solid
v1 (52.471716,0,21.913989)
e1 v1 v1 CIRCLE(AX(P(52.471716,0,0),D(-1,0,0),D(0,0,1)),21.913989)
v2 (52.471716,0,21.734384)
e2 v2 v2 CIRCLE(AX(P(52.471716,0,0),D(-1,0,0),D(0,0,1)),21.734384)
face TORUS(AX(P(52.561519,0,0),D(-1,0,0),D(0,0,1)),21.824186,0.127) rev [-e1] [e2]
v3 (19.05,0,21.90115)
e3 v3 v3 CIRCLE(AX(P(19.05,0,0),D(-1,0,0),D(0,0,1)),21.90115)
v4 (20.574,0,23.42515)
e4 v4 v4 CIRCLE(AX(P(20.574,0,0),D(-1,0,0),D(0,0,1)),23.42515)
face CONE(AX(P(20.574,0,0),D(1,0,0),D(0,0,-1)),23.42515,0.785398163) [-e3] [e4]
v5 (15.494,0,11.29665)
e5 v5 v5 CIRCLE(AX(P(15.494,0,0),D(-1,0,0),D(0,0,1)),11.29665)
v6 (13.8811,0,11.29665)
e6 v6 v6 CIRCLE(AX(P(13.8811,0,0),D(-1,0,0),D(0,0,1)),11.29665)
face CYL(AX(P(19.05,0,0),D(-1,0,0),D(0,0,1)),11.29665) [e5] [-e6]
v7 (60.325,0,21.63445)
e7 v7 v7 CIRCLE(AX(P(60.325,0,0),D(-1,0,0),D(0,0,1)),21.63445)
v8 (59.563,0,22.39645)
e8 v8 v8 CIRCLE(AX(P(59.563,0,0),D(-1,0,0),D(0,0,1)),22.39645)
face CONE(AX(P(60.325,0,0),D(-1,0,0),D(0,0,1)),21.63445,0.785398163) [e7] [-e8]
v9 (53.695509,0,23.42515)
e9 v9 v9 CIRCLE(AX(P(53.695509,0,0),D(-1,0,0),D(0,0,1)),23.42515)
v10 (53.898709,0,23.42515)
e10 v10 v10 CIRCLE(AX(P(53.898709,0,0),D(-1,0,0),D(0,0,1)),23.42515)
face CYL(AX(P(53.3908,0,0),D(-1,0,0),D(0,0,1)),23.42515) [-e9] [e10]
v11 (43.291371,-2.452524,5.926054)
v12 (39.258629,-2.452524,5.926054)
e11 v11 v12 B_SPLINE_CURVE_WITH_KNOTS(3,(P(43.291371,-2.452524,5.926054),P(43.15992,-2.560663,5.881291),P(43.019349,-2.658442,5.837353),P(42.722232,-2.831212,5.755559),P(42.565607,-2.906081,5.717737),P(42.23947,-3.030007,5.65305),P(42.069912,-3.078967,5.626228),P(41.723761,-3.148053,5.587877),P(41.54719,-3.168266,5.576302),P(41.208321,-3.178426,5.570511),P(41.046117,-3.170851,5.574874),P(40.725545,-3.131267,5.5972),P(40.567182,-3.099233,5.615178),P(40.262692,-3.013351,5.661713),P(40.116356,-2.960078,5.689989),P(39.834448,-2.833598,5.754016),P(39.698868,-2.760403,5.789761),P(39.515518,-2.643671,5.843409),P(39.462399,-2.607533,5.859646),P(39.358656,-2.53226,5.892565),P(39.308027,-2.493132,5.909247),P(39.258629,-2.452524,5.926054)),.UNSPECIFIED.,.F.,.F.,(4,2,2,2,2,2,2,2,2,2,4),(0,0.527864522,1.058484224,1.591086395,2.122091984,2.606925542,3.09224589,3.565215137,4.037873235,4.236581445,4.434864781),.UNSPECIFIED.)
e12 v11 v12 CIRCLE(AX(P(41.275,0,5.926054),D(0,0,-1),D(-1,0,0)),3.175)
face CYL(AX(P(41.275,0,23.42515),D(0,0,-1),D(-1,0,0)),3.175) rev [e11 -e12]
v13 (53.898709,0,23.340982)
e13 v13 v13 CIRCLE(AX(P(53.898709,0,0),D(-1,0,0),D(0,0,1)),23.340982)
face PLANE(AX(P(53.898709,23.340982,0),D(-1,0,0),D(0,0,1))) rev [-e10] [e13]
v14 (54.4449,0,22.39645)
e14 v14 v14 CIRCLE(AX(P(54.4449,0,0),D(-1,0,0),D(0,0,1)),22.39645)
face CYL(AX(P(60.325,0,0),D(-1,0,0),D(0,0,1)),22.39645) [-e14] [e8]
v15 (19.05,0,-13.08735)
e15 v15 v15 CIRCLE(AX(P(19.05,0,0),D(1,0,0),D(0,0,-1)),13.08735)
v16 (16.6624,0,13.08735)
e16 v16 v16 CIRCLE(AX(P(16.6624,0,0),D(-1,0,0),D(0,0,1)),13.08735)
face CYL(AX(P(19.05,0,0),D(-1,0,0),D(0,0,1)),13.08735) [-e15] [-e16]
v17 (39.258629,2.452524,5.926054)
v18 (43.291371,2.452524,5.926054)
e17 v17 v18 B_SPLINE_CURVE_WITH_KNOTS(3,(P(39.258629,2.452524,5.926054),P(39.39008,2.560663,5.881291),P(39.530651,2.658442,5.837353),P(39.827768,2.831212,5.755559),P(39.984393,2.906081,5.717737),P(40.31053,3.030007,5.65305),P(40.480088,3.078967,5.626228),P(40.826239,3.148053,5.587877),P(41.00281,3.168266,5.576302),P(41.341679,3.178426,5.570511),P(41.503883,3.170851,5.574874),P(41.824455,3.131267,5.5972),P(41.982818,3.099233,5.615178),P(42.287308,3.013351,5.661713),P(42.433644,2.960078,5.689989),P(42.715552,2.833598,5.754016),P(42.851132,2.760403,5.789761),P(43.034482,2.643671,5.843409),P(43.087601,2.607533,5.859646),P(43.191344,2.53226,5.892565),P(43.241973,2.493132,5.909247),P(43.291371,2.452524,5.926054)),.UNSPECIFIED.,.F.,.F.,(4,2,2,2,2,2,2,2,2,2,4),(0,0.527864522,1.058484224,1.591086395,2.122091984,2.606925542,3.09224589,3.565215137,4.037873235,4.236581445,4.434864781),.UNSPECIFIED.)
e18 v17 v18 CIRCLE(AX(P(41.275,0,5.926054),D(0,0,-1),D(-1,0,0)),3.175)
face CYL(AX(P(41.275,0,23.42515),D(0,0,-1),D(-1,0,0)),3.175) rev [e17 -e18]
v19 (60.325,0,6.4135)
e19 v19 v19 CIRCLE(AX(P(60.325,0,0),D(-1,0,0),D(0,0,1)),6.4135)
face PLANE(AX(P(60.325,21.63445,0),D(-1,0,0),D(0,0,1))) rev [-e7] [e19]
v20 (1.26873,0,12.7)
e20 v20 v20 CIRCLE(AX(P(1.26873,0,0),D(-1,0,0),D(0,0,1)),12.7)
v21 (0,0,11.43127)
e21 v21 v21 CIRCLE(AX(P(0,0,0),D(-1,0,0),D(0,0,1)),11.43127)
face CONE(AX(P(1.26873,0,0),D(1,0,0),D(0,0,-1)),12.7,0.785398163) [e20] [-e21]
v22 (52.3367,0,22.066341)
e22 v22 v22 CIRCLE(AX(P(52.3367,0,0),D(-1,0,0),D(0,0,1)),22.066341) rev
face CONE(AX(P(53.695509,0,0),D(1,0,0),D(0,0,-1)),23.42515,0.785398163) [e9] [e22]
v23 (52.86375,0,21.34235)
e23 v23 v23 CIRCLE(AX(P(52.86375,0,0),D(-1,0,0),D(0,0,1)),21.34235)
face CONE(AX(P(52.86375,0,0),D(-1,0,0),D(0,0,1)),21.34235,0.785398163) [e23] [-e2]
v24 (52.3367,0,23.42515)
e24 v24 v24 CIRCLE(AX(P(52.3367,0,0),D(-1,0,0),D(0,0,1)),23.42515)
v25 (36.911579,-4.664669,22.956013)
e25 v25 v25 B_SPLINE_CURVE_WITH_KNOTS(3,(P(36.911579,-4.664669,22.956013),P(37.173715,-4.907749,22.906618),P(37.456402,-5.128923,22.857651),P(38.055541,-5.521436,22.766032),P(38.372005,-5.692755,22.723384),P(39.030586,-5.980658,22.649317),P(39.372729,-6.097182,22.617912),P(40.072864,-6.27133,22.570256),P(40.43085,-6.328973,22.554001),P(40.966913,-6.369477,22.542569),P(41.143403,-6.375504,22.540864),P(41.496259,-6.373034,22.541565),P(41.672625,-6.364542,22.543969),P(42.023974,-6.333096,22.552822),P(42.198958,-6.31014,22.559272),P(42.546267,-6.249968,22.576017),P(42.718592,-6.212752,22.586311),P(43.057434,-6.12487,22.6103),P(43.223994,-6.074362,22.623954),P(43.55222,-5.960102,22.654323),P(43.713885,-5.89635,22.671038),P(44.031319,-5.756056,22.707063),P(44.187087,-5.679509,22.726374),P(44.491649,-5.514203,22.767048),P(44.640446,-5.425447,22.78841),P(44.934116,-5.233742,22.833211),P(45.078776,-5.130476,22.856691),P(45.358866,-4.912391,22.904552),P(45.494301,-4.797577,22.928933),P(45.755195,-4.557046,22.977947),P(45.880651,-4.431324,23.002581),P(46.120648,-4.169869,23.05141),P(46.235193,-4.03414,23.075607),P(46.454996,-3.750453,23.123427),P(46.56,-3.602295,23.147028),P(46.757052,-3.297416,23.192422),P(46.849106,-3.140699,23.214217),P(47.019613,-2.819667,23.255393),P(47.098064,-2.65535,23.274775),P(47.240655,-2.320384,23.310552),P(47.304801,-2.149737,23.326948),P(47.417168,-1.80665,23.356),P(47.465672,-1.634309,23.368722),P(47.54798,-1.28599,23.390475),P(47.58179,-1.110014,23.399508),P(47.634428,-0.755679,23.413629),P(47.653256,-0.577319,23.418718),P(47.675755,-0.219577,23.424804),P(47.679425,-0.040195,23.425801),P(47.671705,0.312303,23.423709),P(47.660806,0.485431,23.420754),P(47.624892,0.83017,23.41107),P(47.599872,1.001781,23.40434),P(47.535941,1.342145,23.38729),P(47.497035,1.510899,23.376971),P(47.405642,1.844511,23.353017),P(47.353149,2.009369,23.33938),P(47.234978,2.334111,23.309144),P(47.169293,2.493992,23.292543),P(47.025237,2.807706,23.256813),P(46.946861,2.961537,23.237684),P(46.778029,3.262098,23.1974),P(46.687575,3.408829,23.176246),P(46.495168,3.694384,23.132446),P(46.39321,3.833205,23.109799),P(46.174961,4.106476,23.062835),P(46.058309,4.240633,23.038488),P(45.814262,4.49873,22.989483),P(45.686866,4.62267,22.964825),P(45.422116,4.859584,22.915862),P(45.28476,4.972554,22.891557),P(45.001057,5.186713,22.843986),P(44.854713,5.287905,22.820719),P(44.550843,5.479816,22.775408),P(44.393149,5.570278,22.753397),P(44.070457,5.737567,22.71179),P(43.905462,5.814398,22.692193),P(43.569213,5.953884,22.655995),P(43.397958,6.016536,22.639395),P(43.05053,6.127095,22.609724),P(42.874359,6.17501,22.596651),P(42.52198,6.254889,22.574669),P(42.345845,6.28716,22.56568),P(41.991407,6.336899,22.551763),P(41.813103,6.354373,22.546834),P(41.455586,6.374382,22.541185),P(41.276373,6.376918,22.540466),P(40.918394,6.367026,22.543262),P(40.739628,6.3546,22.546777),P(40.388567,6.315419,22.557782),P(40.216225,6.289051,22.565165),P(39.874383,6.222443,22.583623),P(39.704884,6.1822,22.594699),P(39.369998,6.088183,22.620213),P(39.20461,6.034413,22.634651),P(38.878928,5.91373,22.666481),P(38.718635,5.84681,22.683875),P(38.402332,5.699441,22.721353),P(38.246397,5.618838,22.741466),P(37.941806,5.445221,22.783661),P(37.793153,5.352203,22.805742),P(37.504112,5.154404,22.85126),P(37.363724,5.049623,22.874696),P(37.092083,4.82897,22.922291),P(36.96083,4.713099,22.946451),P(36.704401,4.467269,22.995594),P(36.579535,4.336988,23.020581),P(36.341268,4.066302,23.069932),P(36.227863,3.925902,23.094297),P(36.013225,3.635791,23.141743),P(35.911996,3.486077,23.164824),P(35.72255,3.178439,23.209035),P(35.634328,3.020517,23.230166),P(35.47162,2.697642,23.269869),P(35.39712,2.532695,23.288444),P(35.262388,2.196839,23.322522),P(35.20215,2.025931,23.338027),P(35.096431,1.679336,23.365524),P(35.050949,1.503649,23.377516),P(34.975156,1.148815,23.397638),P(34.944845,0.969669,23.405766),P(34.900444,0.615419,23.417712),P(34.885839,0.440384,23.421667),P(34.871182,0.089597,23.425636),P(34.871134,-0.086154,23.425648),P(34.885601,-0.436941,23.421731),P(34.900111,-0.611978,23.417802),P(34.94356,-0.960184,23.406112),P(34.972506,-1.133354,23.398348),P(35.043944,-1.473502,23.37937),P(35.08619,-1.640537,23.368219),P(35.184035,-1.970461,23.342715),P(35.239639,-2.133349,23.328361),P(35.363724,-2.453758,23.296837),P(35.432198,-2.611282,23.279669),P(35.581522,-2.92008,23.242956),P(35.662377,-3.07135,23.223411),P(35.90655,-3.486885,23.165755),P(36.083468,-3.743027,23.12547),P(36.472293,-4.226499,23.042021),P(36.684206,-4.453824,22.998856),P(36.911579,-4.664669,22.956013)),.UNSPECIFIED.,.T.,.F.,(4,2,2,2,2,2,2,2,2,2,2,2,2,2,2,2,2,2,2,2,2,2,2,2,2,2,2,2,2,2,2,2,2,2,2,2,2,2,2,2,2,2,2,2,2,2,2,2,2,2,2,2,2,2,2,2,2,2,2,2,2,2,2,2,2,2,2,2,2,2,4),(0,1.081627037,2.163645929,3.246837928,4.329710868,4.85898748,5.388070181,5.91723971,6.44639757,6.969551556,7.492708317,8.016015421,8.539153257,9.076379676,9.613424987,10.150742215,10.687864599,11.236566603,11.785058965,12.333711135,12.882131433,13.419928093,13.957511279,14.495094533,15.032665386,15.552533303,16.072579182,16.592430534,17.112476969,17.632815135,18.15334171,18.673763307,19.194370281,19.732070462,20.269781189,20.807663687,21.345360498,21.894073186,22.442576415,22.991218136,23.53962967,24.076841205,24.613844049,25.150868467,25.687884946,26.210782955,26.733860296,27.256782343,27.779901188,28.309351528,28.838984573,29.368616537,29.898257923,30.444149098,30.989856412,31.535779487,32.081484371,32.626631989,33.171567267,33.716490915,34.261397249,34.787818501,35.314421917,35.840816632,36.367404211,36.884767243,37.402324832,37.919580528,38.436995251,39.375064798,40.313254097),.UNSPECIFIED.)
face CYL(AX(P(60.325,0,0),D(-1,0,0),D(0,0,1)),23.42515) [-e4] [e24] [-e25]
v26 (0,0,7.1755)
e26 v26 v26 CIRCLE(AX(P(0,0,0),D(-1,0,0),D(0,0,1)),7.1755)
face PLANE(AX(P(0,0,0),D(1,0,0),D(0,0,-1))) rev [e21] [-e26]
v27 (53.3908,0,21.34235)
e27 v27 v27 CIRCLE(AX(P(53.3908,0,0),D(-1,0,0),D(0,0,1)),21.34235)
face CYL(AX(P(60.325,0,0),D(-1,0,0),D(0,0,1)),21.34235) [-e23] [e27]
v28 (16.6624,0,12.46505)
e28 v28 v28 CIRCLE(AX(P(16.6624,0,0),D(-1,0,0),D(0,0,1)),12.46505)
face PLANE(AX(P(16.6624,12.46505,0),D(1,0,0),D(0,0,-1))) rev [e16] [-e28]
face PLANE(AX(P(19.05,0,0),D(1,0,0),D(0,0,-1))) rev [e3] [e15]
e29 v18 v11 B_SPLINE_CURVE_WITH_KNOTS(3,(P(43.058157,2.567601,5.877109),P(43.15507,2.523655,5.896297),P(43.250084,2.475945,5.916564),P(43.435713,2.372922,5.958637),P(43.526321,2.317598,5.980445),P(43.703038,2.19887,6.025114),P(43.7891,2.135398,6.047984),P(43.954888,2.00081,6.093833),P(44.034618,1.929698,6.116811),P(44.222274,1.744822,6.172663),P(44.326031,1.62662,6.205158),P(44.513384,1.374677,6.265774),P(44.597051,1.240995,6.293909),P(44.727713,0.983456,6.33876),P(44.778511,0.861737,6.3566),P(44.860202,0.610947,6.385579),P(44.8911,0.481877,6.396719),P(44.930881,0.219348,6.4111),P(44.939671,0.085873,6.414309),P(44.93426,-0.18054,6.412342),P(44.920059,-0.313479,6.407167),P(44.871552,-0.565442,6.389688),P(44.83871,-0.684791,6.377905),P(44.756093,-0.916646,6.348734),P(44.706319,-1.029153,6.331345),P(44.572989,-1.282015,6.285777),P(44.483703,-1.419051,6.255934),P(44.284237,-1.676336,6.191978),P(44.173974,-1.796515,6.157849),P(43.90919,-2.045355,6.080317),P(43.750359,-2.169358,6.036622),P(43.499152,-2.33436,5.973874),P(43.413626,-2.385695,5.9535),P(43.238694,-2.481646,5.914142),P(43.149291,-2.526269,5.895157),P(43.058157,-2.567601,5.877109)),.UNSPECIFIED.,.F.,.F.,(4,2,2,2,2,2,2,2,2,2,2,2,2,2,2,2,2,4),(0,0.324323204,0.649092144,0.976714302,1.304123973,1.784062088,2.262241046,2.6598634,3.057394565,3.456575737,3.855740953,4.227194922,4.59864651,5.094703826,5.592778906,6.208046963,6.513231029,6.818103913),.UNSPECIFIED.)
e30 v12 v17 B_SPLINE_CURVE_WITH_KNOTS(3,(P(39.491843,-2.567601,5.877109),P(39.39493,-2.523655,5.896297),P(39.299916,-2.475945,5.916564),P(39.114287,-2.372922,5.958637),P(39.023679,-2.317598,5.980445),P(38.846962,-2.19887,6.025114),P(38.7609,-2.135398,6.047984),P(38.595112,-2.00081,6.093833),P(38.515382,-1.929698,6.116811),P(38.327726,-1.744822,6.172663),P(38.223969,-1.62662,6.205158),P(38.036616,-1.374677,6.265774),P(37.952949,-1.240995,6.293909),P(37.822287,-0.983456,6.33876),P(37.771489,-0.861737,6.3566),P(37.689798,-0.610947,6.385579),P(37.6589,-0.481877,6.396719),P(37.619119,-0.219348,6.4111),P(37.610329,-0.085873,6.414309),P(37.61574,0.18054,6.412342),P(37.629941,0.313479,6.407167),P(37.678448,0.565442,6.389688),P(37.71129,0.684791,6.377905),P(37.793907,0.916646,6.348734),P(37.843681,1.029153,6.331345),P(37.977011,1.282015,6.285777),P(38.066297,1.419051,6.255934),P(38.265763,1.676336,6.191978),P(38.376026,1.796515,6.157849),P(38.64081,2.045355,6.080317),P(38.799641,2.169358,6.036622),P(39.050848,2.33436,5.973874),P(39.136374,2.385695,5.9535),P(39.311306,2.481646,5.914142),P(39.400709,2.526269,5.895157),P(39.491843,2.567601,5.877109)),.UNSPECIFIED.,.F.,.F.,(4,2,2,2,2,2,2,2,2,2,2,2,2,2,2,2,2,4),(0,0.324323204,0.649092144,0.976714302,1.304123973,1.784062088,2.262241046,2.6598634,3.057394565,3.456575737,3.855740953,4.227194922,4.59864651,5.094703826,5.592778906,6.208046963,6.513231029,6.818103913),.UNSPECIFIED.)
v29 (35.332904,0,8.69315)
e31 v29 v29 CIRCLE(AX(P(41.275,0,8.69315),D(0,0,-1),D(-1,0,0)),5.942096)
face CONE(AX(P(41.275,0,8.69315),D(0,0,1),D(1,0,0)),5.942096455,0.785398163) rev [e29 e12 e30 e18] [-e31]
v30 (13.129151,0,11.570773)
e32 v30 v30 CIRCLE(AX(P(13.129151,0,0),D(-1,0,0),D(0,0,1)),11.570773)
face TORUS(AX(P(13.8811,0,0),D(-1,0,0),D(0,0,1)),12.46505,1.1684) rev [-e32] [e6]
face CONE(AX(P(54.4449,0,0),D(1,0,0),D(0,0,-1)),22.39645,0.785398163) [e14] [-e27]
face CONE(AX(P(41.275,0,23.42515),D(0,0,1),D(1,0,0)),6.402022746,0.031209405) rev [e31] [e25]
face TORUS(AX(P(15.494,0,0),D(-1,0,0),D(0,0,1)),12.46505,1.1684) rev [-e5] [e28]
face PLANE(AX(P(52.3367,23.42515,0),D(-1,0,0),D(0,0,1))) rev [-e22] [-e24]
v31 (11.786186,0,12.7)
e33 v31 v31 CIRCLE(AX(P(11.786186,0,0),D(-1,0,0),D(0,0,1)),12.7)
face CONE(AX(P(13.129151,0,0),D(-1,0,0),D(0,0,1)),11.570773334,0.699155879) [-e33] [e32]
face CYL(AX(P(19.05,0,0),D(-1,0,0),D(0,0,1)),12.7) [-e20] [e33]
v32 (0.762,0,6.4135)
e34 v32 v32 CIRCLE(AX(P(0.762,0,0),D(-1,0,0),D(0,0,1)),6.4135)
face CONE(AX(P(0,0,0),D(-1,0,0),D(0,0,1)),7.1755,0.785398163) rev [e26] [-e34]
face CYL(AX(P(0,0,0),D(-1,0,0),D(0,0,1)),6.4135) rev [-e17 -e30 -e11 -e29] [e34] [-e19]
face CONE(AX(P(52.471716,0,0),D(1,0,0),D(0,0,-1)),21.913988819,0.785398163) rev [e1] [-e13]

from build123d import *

# Parameters (mm, degrees)
HOLE1_D           = 12.827
HOLE1_CSINK_D     = 14.351
HOLE1_CSINK_ANGLE = 90


with BuildPart() as part:
    # Sketch1 → Revolve1 (revolve)
    with BuildSketch(Plane.XY):
        with BuildLine():
            Line((0, 0), (0, 11.43127))
            Line((0, 11.43127), (1.26873, 12.7))
            Line((1.26873, 12.7), (11.786186437, 12.7))
            Line((11.786186437, 12.7), (13.129150664, 11.570773334))
            ThreePointArc((13.129150664, 11.570773334), (13.480921475, 11.367317925), (13.8811, 11.29665))
            Line((13.8811, 11.29665), (15.494, 11.29665))
            ThreePointArc((15.494, 11.29665), (16.320183563, 11.638866437), (16.6624, 12.46505))
            Line((16.6624, 12.46505), (16.6624, 13.08735))
            Line((16.6624, 13.08735), (19.05, 13.08735))
            Line((19.05, 13.08735), (19.05, 0))
            Line((19.05, 0), (0, 0))
        make_face()
    revolve(axis=Axis((19.05, 0, 0), (-1, 0, 0)))

    # Sketch2 → Revolve2 (revolve)
    with BuildSketch(Plane.XY):
        Polygon((19.05, 0), (19.05, 21.90115), (20.574, 23.42515), (52.3367, 23.42515), (52.3367, 21.34235), (53.3908, 21.34235), (54.4449, 22.39645), (59.563, 22.39645), (60.325, 21.63445), (60.325, 0), align=None)
    revolve(axis=Axis((60.325, 0, 0), (-1, 0, 0)))

    # Hole1 (through all)
    with Locations(Plane.ZY):
        with Locations((0, 0)):
            CounterSinkHole(HOLE1_D / 2, HOLE1_CSINK_D / 2, counter_sink_angle=HOLE1_CSINK_ANGLE)

    # Sketch5 → Cut-Revolve1 (revolve, cut)
    with BuildSketch(Plane(origin=(0, 0, 0), x_dir=(1, 0, 0), z_dir=(0, 1, 0))):
        Polygon((41.275, 0), (44.45, 0), (44.45, -5.926053545), (47.217096455, -8.69315), (47.677022746, -23.42515), (41.275, -23.42515), align=None)
    revolve(axis=Axis((41.275, 0, 23.42515), (0, 0, -1)), mode=Mode.SUBTRACT)

    # Sketch6 → Revolve3 (revolve)
    with BuildSketch(Plane.XY):
        with BuildLine():
            Line((52.3367, 21.08835), (53.3908, 21.08835))
            Line((53.3908, 21.08835), (53.3908, 21.34235))
            Line((53.3908, 21.34235), (52.86375, 21.34235))
            Line((52.86375, 21.34235), (52.471716303, 21.734383697))
            ThreePointArc((52.471716303, 21.734383697), (52.434518864, 21.824186258), (52.471716303, 21.913988819))
            Line((52.471716303, 21.913988819), (53.898709288, 23.340981804))
            Line((53.898709288, 23.340981804), (53.898709288, 23.42515))
            Line((53.898709288, 23.42515), (53.695509288, 23.42515))
            Line((53.695509288, 23.42515), (52.3367, 22.066340712))
            Line((52.3367, 22.066340712), (52.3367, 21.08835))
        make_face()
    revolve(axis=Axis((53.3908, 0, 0), (-1, 0, 0)))


solid = part.part
